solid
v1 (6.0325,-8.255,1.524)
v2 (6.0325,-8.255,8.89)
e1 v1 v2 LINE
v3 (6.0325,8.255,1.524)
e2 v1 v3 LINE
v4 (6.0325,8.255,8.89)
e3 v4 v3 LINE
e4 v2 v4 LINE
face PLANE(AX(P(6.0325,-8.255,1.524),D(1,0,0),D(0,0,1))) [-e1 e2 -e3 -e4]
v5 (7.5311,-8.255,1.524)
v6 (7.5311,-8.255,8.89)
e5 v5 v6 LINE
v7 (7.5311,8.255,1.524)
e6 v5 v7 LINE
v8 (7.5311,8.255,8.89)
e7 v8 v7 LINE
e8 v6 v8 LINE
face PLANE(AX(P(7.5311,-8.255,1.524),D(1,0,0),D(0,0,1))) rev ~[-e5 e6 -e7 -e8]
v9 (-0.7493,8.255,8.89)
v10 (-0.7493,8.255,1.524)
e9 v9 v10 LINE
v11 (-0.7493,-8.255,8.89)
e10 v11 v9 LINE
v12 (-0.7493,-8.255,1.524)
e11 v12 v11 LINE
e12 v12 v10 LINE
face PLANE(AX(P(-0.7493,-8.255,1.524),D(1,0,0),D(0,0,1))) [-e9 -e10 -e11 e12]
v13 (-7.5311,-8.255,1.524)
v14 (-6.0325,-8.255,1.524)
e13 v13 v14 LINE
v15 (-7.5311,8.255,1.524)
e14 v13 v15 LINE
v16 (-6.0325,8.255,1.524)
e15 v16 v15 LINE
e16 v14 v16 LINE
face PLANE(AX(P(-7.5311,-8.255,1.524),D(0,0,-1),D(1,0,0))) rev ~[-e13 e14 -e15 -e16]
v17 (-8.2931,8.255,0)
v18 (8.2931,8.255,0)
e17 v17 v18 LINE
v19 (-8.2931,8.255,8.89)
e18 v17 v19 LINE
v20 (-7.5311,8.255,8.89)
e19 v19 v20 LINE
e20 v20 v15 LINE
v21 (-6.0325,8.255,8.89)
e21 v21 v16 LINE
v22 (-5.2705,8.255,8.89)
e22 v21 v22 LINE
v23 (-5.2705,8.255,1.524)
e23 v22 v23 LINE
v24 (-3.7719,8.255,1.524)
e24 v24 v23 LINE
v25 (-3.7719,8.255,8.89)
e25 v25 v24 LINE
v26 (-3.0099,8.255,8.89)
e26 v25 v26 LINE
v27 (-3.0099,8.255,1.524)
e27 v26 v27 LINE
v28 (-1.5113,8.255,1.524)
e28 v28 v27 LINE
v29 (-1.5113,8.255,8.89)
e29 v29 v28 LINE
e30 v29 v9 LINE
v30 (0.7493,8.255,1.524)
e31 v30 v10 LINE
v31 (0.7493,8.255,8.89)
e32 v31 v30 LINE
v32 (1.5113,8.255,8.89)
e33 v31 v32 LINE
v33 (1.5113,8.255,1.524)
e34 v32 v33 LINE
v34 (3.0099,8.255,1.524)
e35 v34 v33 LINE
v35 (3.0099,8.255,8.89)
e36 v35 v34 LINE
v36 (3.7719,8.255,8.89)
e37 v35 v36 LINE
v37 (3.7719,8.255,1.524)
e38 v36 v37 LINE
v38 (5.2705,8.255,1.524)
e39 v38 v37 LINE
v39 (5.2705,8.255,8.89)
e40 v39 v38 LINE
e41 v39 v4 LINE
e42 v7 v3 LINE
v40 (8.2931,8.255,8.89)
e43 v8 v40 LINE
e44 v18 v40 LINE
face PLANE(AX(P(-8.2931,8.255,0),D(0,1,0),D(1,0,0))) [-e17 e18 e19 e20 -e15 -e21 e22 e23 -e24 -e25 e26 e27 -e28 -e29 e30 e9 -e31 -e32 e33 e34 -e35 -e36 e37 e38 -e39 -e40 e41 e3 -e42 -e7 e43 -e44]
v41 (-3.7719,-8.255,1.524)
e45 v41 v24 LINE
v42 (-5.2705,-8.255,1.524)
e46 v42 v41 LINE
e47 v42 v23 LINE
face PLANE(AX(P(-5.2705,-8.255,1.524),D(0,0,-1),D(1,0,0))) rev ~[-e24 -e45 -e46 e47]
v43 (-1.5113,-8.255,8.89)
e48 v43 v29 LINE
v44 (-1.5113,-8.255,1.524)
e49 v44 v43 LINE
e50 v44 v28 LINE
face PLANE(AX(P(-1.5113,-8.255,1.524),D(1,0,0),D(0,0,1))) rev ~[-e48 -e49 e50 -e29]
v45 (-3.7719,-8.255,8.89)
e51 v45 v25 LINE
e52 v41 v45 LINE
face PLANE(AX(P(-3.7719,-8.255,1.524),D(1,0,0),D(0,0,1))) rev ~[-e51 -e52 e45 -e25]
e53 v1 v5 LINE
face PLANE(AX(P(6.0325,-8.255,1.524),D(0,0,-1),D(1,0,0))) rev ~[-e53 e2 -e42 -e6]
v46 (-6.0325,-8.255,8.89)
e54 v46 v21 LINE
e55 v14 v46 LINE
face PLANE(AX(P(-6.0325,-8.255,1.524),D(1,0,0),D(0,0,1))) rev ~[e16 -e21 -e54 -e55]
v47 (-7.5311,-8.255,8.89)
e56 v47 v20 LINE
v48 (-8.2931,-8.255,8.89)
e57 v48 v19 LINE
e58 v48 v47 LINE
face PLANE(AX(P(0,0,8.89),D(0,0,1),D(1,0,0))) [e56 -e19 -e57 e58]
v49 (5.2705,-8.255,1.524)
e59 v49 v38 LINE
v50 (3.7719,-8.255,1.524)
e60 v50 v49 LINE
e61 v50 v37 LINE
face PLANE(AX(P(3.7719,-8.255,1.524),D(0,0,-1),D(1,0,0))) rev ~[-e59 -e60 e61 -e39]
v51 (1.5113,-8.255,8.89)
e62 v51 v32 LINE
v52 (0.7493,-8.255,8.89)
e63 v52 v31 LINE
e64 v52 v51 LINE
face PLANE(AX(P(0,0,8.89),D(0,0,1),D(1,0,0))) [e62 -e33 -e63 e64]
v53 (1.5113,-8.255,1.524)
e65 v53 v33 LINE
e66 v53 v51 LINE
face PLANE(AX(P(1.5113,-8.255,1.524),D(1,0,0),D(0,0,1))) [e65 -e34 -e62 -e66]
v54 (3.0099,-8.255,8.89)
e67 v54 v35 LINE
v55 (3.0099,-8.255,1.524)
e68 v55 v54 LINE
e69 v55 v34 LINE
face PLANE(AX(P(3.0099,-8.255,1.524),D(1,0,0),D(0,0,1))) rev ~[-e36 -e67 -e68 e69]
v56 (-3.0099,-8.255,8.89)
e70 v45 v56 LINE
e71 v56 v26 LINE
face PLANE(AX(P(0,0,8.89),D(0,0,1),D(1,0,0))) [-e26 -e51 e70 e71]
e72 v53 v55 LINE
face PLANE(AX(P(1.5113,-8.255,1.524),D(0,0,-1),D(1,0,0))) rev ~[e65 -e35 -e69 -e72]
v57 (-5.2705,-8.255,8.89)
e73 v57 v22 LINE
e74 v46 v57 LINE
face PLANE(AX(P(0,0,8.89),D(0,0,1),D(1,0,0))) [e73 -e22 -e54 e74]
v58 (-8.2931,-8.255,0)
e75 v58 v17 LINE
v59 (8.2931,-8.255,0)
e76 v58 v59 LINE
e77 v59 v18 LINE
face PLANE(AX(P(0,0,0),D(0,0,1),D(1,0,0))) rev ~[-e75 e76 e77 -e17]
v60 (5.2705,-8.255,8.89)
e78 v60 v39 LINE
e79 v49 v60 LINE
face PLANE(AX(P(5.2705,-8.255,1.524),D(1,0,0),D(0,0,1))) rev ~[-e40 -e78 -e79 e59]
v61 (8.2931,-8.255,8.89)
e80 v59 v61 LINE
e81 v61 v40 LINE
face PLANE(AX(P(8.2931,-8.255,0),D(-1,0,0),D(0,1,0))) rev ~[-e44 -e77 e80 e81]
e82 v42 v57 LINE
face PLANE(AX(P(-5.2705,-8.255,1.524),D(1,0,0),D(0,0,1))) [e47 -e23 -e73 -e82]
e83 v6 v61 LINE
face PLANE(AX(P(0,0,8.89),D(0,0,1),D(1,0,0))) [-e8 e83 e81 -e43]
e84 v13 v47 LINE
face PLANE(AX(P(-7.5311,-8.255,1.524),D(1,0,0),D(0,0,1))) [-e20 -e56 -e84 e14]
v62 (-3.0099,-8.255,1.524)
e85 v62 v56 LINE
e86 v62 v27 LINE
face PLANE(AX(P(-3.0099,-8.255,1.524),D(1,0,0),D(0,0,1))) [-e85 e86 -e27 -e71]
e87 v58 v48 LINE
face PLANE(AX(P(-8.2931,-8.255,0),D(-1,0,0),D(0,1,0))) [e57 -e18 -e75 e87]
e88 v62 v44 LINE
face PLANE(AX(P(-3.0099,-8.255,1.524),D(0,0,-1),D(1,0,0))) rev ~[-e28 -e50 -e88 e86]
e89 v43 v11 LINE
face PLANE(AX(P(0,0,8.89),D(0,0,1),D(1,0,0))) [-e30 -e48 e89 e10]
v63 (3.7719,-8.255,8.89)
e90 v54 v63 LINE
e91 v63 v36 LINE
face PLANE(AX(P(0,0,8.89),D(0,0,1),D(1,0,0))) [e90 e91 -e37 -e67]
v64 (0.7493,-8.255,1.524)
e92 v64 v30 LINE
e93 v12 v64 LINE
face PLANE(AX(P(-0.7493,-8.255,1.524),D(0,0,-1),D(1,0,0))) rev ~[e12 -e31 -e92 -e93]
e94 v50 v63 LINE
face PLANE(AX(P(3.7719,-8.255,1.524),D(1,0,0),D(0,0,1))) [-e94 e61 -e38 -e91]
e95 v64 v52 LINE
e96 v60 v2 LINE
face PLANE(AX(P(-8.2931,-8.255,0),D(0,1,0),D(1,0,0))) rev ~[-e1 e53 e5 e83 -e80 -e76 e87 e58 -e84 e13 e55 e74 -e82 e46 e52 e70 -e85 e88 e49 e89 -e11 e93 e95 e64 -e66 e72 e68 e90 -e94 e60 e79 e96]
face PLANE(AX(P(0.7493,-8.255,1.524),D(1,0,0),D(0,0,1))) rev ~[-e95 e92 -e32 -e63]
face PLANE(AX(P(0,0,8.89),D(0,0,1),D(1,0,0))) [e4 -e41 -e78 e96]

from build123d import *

# Parameters (mm, degrees)
F0_W     = 16.5862
F0_H     = 16.51
F1_DEPTH = 8.89
F2_W     = 1.4986
F2_H     = 7.366
F3_DEPTH = 25.4


with BuildPart() as f1:
    # F0 (on Top) → F1 (new body)
    with BuildSketch(Plane.XY):
        Rectangle(F0_W, F0_H)
    extrude(amount=F1_DEPTH)

    # F2 (on face) → F3 (cut)
    with BuildSketch(Plane.XZ.offset(8.255)):
        with Locations((0, 5.207)):
            Rectangle(F2_W, F2_H)
        with Locations((2.2606, 5.207)):
            Rectangle(F2_W, F2_H)
        with Locations((4.5212, 5.207)):
            Rectangle(F2_W, F2_H)
        with Locations((6.7818, 5.207)):
            Rectangle(F2_W, F2_H)
        with Locations((-2.2606, 5.207)):
            Rectangle(F2_W, F2_H)
        with Locations((-4.5212, 5.207)):
            Rectangle(F2_W, F2_H)
        with Locations((-6.7818, 5.207)):
            Rectangle(F2_W, F2_H)
    extrude(amount=-F3_DEPTH, mode=Mode.SUBTRACT)


solid = f1.part
